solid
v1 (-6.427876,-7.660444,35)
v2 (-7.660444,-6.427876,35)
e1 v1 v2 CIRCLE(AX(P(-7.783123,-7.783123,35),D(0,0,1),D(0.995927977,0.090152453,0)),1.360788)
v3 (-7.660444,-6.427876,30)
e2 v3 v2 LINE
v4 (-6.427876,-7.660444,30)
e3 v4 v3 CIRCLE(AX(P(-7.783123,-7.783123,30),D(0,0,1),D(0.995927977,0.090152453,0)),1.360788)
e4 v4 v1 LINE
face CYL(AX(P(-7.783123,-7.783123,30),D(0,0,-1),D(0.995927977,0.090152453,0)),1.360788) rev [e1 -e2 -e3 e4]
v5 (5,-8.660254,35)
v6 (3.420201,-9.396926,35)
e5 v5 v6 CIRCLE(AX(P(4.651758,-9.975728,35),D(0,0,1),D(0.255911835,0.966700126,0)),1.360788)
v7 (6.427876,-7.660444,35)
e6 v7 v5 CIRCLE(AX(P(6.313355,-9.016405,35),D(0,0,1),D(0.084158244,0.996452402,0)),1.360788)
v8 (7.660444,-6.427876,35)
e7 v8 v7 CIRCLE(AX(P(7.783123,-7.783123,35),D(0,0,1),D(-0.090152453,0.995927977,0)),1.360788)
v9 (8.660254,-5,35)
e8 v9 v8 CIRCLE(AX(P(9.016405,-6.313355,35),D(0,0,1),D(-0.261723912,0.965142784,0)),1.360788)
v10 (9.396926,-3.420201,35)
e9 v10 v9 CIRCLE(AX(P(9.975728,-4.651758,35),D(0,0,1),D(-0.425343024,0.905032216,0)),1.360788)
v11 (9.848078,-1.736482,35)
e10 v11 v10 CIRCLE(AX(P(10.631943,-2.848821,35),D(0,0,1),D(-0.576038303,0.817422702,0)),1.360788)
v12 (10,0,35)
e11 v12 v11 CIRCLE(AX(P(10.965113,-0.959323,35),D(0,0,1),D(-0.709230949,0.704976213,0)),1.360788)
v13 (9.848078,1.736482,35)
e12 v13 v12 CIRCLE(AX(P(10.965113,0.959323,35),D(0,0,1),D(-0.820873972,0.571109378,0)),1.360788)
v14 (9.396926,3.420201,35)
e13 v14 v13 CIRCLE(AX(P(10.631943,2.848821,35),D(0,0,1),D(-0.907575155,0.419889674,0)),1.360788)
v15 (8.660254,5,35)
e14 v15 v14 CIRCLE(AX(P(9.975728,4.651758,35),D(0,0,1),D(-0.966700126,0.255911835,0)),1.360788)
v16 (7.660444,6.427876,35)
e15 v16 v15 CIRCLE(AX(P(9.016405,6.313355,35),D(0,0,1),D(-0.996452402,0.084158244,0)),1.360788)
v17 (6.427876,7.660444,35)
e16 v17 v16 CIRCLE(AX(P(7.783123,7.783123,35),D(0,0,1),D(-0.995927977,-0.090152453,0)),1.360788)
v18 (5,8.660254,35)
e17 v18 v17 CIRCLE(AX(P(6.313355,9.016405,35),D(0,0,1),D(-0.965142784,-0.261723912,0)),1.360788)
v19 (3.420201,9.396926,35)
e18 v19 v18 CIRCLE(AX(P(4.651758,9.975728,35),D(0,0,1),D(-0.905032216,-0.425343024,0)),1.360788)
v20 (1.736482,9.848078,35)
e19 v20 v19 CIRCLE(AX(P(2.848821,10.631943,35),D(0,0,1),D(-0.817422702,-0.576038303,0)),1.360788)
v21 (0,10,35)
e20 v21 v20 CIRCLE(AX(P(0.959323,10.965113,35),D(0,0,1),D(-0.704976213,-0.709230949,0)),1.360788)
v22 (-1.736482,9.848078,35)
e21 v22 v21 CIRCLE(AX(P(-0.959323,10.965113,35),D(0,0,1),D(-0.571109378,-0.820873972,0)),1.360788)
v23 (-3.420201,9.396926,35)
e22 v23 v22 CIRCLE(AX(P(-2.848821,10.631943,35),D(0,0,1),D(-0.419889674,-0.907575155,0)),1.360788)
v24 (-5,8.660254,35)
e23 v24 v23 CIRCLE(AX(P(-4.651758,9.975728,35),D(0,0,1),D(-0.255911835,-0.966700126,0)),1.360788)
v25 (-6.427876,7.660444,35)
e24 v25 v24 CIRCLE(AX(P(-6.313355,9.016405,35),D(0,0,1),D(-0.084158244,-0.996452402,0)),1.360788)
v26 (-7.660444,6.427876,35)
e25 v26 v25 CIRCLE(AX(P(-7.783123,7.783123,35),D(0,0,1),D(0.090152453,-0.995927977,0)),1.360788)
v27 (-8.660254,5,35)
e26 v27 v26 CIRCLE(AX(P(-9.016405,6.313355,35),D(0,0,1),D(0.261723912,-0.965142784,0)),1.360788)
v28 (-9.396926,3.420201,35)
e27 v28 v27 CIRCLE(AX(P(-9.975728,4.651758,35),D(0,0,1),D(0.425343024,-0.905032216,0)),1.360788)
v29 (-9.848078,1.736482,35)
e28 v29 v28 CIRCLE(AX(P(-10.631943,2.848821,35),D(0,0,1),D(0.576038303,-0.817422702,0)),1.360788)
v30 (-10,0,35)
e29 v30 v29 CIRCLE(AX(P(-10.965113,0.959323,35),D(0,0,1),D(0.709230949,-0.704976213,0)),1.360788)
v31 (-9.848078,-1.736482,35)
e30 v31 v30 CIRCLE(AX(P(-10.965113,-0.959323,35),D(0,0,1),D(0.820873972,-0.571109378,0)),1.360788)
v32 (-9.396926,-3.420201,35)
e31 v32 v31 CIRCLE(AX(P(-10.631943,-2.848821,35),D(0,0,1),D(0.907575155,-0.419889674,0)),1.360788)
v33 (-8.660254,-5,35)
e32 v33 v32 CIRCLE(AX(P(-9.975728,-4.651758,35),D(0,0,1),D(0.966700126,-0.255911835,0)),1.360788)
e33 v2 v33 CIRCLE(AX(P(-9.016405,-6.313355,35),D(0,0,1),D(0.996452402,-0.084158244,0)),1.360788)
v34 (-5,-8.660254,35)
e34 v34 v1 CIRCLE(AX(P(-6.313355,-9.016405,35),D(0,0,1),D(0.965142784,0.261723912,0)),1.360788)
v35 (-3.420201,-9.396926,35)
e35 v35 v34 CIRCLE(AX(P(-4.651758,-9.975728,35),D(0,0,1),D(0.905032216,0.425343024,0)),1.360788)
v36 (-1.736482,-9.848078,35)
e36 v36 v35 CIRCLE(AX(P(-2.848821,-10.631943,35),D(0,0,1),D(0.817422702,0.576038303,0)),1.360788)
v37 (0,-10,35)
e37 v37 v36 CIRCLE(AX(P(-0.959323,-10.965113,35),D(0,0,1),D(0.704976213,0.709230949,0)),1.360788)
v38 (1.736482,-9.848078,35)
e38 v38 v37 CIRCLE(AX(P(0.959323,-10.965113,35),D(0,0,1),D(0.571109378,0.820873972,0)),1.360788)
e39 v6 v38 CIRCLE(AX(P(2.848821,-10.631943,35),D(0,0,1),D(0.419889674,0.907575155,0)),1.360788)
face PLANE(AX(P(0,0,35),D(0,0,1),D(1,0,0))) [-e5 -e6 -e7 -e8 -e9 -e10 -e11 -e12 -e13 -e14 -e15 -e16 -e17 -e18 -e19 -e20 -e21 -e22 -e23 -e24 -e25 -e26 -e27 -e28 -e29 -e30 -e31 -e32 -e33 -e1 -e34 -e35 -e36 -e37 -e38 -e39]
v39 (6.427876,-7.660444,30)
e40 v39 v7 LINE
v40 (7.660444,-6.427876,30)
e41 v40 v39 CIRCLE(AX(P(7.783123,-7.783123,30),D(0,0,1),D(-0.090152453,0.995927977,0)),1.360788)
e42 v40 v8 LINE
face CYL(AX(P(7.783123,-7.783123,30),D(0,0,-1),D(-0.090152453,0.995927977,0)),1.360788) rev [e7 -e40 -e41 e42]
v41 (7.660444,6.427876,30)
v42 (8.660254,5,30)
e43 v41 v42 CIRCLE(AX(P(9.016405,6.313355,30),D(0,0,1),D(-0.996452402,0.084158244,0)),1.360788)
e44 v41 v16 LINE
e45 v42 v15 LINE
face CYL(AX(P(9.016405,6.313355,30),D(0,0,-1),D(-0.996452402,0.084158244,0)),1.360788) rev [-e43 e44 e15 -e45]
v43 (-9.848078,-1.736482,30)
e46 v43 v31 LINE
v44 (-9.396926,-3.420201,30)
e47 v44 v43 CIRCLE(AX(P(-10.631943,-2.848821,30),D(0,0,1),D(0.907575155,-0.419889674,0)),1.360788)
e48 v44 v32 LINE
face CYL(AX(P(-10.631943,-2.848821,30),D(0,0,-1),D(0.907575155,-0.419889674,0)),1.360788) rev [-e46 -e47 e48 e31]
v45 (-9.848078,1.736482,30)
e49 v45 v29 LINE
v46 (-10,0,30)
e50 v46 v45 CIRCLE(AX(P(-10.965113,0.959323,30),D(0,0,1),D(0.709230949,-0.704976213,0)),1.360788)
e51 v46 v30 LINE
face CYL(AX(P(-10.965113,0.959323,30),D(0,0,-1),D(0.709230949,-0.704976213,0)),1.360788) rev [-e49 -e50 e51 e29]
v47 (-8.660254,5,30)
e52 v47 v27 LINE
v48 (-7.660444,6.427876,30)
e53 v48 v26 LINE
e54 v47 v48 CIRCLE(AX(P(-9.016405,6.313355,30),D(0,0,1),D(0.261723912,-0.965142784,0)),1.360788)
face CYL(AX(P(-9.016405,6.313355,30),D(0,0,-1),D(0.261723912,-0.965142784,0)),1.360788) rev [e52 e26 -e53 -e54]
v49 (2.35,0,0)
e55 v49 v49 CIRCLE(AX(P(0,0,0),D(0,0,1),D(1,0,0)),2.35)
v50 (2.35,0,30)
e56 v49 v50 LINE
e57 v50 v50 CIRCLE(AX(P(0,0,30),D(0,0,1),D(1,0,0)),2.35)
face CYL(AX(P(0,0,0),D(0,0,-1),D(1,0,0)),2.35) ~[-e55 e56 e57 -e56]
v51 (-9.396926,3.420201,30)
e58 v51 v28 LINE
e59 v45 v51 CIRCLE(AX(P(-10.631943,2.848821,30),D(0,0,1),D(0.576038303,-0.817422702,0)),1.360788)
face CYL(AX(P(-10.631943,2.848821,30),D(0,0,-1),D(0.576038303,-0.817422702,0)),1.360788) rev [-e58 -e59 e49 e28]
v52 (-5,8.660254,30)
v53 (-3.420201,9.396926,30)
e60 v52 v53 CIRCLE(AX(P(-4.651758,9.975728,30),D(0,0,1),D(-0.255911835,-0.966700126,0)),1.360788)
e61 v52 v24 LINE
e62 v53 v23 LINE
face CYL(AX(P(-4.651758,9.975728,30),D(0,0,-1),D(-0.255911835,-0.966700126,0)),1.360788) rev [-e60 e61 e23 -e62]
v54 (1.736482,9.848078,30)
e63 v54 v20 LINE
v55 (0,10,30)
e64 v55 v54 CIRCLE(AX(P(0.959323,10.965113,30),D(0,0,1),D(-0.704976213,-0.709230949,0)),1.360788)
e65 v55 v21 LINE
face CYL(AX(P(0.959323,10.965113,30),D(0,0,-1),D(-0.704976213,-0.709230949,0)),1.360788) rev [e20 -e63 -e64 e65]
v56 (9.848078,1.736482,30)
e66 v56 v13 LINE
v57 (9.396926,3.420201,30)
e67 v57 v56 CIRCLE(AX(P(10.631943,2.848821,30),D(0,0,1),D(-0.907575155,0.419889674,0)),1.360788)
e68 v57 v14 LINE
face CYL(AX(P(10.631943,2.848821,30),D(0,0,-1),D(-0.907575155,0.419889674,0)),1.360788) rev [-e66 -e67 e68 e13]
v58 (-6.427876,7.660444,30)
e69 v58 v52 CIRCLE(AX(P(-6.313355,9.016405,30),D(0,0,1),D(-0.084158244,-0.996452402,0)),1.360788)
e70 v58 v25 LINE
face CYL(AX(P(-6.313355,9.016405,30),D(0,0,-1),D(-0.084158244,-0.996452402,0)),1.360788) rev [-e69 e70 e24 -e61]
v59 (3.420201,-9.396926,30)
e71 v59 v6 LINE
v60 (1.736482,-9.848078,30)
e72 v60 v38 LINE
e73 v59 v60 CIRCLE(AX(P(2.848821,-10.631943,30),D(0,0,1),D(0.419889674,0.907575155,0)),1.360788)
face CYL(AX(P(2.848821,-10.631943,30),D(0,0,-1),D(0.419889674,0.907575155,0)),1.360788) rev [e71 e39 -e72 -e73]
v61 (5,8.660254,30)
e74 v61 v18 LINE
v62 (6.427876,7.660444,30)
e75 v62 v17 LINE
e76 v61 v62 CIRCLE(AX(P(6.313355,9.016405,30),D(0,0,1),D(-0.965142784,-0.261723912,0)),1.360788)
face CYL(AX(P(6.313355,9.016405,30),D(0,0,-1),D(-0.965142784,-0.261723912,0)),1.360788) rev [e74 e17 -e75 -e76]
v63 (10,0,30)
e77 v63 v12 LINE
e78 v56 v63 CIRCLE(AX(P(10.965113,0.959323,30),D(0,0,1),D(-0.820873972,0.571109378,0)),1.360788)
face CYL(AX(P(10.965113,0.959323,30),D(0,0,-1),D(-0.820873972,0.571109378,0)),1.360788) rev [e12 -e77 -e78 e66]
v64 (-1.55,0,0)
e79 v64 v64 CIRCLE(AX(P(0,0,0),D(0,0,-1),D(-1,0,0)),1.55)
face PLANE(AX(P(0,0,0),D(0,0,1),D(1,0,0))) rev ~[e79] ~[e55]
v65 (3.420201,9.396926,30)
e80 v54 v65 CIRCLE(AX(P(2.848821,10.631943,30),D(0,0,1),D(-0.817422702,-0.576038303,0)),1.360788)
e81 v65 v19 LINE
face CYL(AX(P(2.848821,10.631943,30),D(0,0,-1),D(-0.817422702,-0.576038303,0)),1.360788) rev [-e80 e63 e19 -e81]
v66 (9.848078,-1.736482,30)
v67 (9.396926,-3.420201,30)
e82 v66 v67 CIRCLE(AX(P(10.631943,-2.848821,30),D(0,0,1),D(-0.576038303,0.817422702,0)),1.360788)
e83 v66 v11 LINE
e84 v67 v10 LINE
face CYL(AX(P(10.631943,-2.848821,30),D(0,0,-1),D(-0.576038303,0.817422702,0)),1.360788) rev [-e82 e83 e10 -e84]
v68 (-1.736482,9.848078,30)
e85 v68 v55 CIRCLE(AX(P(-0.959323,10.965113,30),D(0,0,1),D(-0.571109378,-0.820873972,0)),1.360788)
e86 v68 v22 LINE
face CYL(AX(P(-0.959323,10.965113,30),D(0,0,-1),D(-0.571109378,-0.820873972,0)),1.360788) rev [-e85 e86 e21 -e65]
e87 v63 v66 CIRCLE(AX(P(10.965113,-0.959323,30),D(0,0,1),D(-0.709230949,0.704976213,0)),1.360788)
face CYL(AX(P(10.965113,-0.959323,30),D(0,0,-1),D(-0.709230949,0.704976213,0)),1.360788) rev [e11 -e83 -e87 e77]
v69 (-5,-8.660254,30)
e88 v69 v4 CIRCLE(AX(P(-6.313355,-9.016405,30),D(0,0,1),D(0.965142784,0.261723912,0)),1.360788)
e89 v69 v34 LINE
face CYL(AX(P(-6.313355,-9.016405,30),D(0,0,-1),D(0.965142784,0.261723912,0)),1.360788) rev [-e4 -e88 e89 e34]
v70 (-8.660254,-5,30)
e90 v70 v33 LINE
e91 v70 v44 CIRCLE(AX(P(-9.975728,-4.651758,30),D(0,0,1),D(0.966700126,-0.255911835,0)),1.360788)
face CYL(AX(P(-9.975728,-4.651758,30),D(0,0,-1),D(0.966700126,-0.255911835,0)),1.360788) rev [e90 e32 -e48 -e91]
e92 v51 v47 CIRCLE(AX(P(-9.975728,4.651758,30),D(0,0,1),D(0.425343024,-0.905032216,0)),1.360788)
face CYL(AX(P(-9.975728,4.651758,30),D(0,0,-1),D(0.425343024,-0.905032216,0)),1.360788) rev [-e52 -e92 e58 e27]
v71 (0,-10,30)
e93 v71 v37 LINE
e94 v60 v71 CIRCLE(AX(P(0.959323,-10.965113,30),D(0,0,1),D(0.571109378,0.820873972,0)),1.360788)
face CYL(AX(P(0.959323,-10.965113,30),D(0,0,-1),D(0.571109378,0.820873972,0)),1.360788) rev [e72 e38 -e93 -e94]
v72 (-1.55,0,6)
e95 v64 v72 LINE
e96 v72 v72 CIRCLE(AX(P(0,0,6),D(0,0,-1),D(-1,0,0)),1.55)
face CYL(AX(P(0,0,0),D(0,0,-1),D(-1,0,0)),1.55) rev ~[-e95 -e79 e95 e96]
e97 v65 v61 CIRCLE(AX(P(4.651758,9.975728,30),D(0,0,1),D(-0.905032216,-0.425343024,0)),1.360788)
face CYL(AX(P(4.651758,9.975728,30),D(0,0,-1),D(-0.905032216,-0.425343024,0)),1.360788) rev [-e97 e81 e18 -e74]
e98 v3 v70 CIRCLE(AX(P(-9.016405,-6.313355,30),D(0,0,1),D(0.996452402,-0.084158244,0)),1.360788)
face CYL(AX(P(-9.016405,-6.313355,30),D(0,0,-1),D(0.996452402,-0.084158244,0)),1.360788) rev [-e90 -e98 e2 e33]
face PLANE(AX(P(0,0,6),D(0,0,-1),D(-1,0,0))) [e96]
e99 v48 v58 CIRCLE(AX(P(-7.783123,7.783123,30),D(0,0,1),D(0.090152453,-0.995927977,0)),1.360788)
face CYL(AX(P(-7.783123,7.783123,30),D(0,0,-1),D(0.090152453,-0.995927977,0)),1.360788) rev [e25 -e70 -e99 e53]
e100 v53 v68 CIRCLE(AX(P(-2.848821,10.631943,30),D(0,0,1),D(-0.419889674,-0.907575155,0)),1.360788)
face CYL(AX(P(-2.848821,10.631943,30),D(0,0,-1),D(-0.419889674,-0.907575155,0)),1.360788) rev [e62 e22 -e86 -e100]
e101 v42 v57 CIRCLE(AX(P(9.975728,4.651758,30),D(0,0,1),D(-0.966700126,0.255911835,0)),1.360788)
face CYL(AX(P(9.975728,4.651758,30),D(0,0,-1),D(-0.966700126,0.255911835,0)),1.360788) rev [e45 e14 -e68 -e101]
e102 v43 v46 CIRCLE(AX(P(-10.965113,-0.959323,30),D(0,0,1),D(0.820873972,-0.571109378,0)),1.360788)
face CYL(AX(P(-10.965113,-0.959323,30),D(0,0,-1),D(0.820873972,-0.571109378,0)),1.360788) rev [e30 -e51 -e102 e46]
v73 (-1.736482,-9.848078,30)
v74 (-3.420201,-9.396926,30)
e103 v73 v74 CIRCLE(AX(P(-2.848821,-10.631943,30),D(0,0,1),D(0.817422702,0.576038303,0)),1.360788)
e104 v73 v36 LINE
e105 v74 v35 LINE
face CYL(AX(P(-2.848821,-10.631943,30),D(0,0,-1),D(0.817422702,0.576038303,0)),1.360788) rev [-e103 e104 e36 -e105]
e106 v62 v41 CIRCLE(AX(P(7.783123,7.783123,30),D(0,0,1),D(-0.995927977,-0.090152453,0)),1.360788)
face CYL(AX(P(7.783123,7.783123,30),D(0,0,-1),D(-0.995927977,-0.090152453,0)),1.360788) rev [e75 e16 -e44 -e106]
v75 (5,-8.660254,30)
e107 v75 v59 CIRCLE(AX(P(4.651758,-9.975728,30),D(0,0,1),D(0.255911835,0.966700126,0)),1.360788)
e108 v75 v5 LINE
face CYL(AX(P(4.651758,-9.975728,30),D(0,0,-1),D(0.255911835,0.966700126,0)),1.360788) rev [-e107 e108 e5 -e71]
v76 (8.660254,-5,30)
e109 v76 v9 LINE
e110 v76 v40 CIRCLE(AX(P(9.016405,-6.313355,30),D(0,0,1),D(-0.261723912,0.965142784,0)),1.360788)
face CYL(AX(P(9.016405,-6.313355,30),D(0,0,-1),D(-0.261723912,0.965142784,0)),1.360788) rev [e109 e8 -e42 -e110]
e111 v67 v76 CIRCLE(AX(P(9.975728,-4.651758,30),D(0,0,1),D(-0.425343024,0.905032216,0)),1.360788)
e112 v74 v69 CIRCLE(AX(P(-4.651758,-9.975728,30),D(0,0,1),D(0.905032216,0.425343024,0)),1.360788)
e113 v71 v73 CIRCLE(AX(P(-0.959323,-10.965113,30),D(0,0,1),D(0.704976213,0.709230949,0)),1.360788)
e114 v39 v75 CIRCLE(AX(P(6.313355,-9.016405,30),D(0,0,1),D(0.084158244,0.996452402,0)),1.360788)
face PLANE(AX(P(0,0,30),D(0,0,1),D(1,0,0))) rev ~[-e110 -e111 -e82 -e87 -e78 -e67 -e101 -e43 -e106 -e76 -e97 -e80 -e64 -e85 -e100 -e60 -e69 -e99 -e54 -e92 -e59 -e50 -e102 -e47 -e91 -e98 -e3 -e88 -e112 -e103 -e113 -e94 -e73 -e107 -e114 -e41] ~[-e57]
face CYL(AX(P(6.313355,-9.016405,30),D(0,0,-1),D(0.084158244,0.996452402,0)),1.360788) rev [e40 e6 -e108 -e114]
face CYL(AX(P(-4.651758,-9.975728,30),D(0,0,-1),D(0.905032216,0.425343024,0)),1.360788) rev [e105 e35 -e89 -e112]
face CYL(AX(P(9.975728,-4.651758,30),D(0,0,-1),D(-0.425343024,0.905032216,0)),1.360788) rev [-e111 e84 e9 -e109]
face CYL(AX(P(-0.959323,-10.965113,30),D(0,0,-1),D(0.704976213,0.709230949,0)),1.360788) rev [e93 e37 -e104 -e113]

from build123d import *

# Parameters (mm, degrees)
SKIZZE1_R                       = 2.35
AUFSATZ_LINEAR_AUSTRAGEN1_DEPTH = 30
SKIZZE4_R                       = 1.55
SCHNITT_LINEAR_AUSTRAGEN2_DEPTH = 6
SKIZZE5_R                       = 10
AUFSATZ_LINEAR_AUSTRAGEN3_DEPTH = 5
SCHNITT_LINEAR_START            = -5
SKIZZE6_R                       = 12.190209649
SCHNITT_LINEAR_AUSTRAGEN3_DEPTH = 5


with BuildPart() as part:
    # Skizze1 → Aufsatz-Linear austragen1 (new body)
    with BuildSketch(Plane.XY):
        Circle(SKIZZE1_R)
    extrude(amount=AUFSATZ_LINEAR_AUSTRAGEN1_DEPTH)

    # Skizze4 → Schnitt-Linear austragen2 (cut)
    with BuildSketch(Plane(origin=(0, 0, 0), x_dir=(-1, 0, 0), z_dir=(0, 0, -1))):
        Circle(SKIZZE4_R)
    extrude(amount=-SCHNITT_LINEAR_AUSTRAGEN2_DEPTH, mode=Mode.SUBTRACT)

    # Skizze5 → Aufsatz-Linear austragen3 (add)
    with BuildSketch(Plane.XY.offset(30)):
        Circle(SKIZZE5_R)
    extrude(amount=AUFSATZ_LINEAR_AUSTRAGEN3_DEPTH)

    # Skizze6 → Schnitt-Linear austragen3 (cut)
    with BuildSketch(Plane.XY.offset(35).offset(SCHNITT_LINEAR_START)):
        Circle(SKIZZE6_R)
        with BuildLine():
            ThreePointArc((0, 10), (0.840722593, 9.609503215), (1.736481777, 9.84807753))
            ThreePointArc((1.736481777, 9.84807753), (2.49662285, 9.317523323), (3.420201433, 9.396926208))
            ThreePointArc((3.420201433, 9.396926208), (4.076664484, 8.742435199), (5, 8.660254038))
            ThreePointArc((5, 8.660254038), (5.532838731, 7.901712605), (6.427876097, 7.660444431))
            ThreePointArc((6.427876097, 7.660444431), (6.820900473, 6.820900473), (7.660444431, 6.427876097))
            ThreePointArc((7.660444431, 6.427876097), (7.901712605, 5.532838731), (8.660254038, 5))
            ThreePointArc((8.660254038, 5), (8.742435199, 4.076664484), (9.396926208, 3.420201433))
            ThreePointArc((9.396926208, 3.420201433), (9.317523323, 2.49662285), (9.84807753, 1.736481777))
            ThreePointArc((9.84807753, 1.736481777), (9.609503215, 0.840722593), (10, 0))
            ThreePointArc((10, 0), (9.609503215, -0.840722593), (9.84807753, -1.736481777))
            ThreePointArc((9.84807753, -1.736481777), (9.317523323, -2.49662285), (9.396926208, -3.420201433))
            ThreePointArc((9.396926208, -3.420201433), (8.742435199, -4.076664484), (8.660254038, -5))
            ThreePointArc((8.660254038, -5), (7.901712605, -5.532838731), (7.660444431, -6.427876097))
            ThreePointArc((7.660444431, -6.427876097), (6.820900473, -6.820900473), (6.427876097, -7.660444431))
            ThreePointArc((6.427876097, -7.660444431), (5.532838731, -7.901712605), (5, -8.660254038))
            ThreePointArc((5, -8.660254038), (4.076664484, -8.742435199), (3.420201433, -9.396926208))
            ThreePointArc((3.420201433, -9.396926208), (2.49662285, -9.317523323), (1.736481777, -9.84807753))
            ThreePointArc((1.736481777, -9.84807753), (0.840722593, -9.609503215), (0, -10))
            ThreePointArc((0, -10), (-0.840722593, -9.609503215), (-1.736481777, -9.84807753))
            ThreePointArc((-1.736481777, -9.84807753), (-2.49662285, -9.317523323), (-3.420201433, -9.396926208))
            ThreePointArc((-3.420201433, -9.396926208), (-4.076664484, -8.742435199), (-5, -8.660254038))
            ThreePointArc((-5, -8.660254038), (-5.532838731, -7.901712605), (-6.427876097, -7.660444431))
            ThreePointArc((-6.427876097, -7.660444431), (-6.820900473, -6.820900473), (-7.660444431, -6.427876097))
            ThreePointArc((-7.660444431, -6.427876097), (-7.901712605, -5.532838731), (-8.660254038, -5))
            ThreePointArc((-8.660254038, -5), (-8.742435199, -4.076664484), (-9.396926208, -3.420201433))
            ThreePointArc((-9.396926208, -3.420201433), (-9.317523323, -2.49662285), (-9.84807753, -1.736481777))
            ThreePointArc((-9.84807753, -1.736481777), (-9.609503215, -0.840722593), (-10, 0))
            ThreePointArc((-10, 0), (-9.609503215, 0.840722593), (-9.84807753, 1.736481777))
            ThreePointArc((-9.84807753, 1.736481777), (-9.317523323, 2.49662285), (-9.396926208, 3.420201433))
            ThreePointArc((-9.396926208, 3.420201433), (-8.742435199, 4.076664484), (-8.660254038, 5))
            ThreePointArc((-8.660254038, 5), (-7.901712605, 5.532838731), (-7.660444431, 6.427876097))
            ThreePointArc((-7.660444431, 6.427876097), (-6.820900473, 6.820900473), (-6.427876097, 7.660444431))
            ThreePointArc((-6.427876097, 7.660444431), (-5.532838731, 7.901712605), (-5, 8.660254038))
            ThreePointArc((-5, 8.660254038), (-4.076664484, 8.742435199), (-3.420201433, 9.396926208))
            ThreePointArc((-3.420201433, 9.396926208), (-2.49662285, 9.317523323), (-1.736481777, 9.84807753))
            ThreePointArc((-1.736481777, 9.84807753), (-0.840722593, 9.609503215), (0, 10))
        make_face(mode=Mode.SUBTRACT)
    extrude(amount=SCHNITT_LINEAR_AUSTRAGEN3_DEPTH, mode=Mode.SUBTRACT)


solid = part.part
